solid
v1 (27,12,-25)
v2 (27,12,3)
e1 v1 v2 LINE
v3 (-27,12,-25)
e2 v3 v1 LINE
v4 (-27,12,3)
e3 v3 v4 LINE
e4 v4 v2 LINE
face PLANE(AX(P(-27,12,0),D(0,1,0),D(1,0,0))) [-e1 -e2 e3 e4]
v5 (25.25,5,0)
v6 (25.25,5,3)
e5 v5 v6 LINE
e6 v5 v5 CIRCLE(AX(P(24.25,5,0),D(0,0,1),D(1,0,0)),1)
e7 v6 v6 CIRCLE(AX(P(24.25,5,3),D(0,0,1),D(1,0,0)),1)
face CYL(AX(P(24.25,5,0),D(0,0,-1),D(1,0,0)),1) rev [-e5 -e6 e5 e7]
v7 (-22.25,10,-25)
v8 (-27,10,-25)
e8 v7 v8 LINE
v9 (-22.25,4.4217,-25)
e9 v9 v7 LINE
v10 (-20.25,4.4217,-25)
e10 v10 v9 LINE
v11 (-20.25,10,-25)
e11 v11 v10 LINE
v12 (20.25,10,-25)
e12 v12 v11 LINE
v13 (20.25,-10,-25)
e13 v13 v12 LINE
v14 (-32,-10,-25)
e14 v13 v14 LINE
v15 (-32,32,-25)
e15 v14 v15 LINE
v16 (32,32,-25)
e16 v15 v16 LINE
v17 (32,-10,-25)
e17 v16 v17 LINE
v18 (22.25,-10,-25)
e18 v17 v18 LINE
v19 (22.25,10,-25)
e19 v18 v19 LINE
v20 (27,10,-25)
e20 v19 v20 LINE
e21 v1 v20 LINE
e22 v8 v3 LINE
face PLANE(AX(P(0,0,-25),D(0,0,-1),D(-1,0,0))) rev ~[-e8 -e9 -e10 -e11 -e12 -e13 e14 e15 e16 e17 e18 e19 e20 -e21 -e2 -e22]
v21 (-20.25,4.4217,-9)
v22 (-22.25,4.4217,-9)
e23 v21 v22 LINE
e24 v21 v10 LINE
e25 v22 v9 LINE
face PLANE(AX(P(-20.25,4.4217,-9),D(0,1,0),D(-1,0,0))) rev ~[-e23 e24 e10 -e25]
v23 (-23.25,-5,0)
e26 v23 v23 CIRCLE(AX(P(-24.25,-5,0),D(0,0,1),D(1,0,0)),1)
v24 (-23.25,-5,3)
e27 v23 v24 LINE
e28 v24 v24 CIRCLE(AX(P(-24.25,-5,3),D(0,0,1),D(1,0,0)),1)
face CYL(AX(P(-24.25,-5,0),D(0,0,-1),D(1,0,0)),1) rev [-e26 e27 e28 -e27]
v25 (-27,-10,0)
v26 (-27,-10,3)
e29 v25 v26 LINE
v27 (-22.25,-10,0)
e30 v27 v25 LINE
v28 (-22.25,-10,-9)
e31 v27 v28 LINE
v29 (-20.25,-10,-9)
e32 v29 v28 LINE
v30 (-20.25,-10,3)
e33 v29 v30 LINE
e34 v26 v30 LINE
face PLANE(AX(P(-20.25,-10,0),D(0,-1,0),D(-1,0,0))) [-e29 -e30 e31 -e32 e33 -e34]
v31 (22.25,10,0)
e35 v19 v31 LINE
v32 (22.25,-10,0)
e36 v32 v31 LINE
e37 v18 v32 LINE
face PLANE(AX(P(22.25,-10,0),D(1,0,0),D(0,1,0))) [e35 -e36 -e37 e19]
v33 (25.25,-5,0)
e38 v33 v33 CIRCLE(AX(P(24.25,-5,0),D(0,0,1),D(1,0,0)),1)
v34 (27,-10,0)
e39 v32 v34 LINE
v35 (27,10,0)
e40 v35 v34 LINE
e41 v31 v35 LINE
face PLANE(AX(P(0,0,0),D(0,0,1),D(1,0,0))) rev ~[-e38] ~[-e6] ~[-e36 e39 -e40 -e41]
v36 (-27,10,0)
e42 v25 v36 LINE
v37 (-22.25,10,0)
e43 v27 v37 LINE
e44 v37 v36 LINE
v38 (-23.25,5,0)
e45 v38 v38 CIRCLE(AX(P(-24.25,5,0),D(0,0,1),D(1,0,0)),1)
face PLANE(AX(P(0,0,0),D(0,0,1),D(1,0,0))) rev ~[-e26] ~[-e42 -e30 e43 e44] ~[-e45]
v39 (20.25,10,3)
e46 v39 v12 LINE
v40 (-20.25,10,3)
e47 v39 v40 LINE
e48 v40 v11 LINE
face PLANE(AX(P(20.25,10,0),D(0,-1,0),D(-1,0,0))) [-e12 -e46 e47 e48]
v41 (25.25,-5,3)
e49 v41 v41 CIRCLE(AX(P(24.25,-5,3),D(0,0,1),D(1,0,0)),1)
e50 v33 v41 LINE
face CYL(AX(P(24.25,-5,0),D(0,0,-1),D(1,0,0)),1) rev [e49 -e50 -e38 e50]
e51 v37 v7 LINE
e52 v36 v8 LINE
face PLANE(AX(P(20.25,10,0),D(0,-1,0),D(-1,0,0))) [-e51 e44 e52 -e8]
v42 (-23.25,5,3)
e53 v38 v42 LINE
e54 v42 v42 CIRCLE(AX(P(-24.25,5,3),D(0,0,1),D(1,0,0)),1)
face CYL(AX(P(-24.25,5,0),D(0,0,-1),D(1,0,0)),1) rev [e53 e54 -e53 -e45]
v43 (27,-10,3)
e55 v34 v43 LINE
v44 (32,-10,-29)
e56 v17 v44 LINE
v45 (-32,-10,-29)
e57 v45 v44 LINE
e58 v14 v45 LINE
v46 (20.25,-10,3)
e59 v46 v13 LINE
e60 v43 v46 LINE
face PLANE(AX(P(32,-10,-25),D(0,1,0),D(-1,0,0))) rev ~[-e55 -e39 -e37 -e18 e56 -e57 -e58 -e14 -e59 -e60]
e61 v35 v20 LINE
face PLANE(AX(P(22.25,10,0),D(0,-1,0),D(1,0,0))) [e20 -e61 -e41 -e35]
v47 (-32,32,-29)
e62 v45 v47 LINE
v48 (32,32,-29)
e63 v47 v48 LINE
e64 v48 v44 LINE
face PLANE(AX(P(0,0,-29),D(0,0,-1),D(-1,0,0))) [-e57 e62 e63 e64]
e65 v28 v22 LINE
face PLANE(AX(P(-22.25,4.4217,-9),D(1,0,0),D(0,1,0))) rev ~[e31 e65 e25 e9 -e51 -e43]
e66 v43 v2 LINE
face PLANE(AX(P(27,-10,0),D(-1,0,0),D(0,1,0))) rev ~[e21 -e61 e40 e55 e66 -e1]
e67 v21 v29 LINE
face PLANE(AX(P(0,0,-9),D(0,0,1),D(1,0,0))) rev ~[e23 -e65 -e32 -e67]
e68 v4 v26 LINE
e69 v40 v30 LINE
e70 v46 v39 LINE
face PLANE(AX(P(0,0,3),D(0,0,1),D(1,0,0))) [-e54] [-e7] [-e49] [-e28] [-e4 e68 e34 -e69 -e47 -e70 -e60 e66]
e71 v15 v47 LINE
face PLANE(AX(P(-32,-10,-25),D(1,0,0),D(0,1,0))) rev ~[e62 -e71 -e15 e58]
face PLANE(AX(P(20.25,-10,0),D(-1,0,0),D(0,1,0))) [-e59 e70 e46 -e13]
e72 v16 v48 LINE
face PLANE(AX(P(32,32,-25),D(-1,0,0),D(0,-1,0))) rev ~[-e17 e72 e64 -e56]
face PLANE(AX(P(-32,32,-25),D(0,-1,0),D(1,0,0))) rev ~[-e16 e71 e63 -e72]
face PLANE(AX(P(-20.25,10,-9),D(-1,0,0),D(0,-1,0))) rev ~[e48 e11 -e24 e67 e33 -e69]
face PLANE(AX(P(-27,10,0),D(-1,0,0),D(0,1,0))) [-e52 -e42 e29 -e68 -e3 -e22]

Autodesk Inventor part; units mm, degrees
ref_plane "YZ Plane" through (0, 0, 0) normal (1, 0, 0) x (0, 1, 0)
ref_plane "XZ Plane" through (0, 0, 0) normal (0, 1, 0) x (-1, 0, 0)
ref_plane "XY Plane" through (0, 0, 0) normal (0, 0, 1) x (1, 0, 0)
sketch "Sketch1" plane through (0, 0, 0) normal (0, 0, 1) x (1, 0, 0)
  line L0 (20.25, 10) -> (-20.25, 10)
  line L1 (-20.25, 10) -> (-20.25, -10)
  line L2 (-20.25, -10) -> (20.25, -10)
  line L3 (20.25, -10) -> (20.25, 10)
  line L4 (20.25, 10) -> (-20.25, -10) construction
  line L5 (-20.25, 10) -> (20.25, -10) construction
  line L6 (-27, 10) -> (-27, 6.25)
  line L7 (27, -10) -> (27, -6.25)
  line L8 (27, 10) -> (-27, -10) construction
  line L9 (-27, 10) -> (27, -10) construction
  line L10 (20.25, -10) -> (27, -10)
  line L11 (20.25, 10) -> (27, 10)
  line L12 (-20.25, 10) -> (-27, 10)
  line L13 (-20.25, -10) -> (-27, -10)
  line L14 (24.25, 5) -> (-24.25, 5) construction
  line L15 (-24.25, 5) -> (-24.25, -5) construction
  line L16 (-24.25, -5) -> (24.25, -5) construction
  line L17 (24.25, -5) -> (24.25, 5) construction
  line L18 (24.25, 5) -> (-24.25, -5) construction
  line L19 (-24.25, 5) -> (24.25, -5) construction
  circle A0 centre (-24.25, 5) radius 1
  line L20 (-20.25, 0) -> (20.25, 0) construction
  line L21 (0, 10) -> (0, -10) construction
  circle A1 centre (-24.25, -5) radius 1
  circle A2 centre (24.25, 5) radius 1
  circle A3 centre (24.25, -5) radius 1
  line L22 (-27, 3.75) -> (-27, -3.75)
  line L23 (-27, 6.25) -> (-27, 3.75)
  line L24 (-27, -6.25) -> (-27, -10)
  line L25 (-27, -3.75) -> (-27, -6.25)
  line L26 (27, -3.75) -> (27, 3.75)
  line L27 (27, -6.25) -> (27, -3.75)
  line L28 (27, 3.75) -> (27, 6.25)
  line L29 (27, 6.25) -> (27, 10)
  line L30 (-22.25, -10) -> (-22.25, 10)
  line L31 (22.25, -10) -> (22.25, 10)
  line L32 (-27, 10) -> (-27, 12)
  line L33 (-27, 12) -> (27, 12)
  line L34 (27, 12) -> (27, 10)
  point P0 (0, 0)
  point P1 (0, 0)
  point P2 (0, 0)
  dimension "d0" = 40.5
  dimension "d1" = 20
  dimension "d2" = 54
  dimension "d3" = 48.5
  dimension "d4" = 10
  dimension "d6" = 2
  dimension "d7" = 2
  dimension "d8" = 2
  dimension "d9" = 2
extrude "Extrusion1" add sketch "Sketch1" along normal blind 3 contours L11 L31 L10 L3 | L0 L12 L32 L33 L34 L11 | L1 L13 L30 L12 | L11 L29 L28 L26 L27 L7 L10 L31 | L30 L13 L24 L25 L22 L23 L6 L12
extrude "Extrusion2" add sketch "Sketch1" against normal blind 9 contours L11 L31 L10 L3 | L0 L12 L32 L33 L34 L11 | L1 L13 L30 L12
extrude "Extrusion3" add sketch "Sketch1" against normal blind 25 contours L11 L31 L10 L3 | L0 L12 L32 L33 L34 L11
sketch "Sketch2" plane through (0, 0, -25) normal (0, 0, -1) x (-1, 0, 0)
  line L0 (27, 10) -> (27, 12) projected
  line L1 (27, 12) -> (-27, 12) projected
  line L2 (-27, 12) -> (-27, 10) projected
  line L3 (-22.25, -10) -> (-20.25, -10) projected
  line L4 (-32, -10) -> (32, -10)
  line L5 (32, -10) -> (32, 32)
  line L6 (32, 32) -> (-32, 32)
  line L7 (-32, 32) -> (-32, -10)
  point P0 (0, 0)
  dimension "d16" = 20
  dimension "d17" = 5
  dimension "d18" = 5
extrude "Extrusion4" add sketch "Sketch2" along normal blind 4
sketch "Sketch3" plane through (0, 0, -9) normal (0, 0, -1) x (-1, 0, 0)
  line L0 (22.25, 10) -> (20.25, 10) projected
  line L1 (20.25, 10) -> (20.25, -10) projected
  line L2 (22.25, -10) -> (22.25, 10) projected
  line L3 (20.25, 4.4217) -> (22.25, 4.4217)
  point P0 (0, 0)
extrude "Extrusion5" add sketch "Sketch3" along normal up to next
properties part number "podstawa"
